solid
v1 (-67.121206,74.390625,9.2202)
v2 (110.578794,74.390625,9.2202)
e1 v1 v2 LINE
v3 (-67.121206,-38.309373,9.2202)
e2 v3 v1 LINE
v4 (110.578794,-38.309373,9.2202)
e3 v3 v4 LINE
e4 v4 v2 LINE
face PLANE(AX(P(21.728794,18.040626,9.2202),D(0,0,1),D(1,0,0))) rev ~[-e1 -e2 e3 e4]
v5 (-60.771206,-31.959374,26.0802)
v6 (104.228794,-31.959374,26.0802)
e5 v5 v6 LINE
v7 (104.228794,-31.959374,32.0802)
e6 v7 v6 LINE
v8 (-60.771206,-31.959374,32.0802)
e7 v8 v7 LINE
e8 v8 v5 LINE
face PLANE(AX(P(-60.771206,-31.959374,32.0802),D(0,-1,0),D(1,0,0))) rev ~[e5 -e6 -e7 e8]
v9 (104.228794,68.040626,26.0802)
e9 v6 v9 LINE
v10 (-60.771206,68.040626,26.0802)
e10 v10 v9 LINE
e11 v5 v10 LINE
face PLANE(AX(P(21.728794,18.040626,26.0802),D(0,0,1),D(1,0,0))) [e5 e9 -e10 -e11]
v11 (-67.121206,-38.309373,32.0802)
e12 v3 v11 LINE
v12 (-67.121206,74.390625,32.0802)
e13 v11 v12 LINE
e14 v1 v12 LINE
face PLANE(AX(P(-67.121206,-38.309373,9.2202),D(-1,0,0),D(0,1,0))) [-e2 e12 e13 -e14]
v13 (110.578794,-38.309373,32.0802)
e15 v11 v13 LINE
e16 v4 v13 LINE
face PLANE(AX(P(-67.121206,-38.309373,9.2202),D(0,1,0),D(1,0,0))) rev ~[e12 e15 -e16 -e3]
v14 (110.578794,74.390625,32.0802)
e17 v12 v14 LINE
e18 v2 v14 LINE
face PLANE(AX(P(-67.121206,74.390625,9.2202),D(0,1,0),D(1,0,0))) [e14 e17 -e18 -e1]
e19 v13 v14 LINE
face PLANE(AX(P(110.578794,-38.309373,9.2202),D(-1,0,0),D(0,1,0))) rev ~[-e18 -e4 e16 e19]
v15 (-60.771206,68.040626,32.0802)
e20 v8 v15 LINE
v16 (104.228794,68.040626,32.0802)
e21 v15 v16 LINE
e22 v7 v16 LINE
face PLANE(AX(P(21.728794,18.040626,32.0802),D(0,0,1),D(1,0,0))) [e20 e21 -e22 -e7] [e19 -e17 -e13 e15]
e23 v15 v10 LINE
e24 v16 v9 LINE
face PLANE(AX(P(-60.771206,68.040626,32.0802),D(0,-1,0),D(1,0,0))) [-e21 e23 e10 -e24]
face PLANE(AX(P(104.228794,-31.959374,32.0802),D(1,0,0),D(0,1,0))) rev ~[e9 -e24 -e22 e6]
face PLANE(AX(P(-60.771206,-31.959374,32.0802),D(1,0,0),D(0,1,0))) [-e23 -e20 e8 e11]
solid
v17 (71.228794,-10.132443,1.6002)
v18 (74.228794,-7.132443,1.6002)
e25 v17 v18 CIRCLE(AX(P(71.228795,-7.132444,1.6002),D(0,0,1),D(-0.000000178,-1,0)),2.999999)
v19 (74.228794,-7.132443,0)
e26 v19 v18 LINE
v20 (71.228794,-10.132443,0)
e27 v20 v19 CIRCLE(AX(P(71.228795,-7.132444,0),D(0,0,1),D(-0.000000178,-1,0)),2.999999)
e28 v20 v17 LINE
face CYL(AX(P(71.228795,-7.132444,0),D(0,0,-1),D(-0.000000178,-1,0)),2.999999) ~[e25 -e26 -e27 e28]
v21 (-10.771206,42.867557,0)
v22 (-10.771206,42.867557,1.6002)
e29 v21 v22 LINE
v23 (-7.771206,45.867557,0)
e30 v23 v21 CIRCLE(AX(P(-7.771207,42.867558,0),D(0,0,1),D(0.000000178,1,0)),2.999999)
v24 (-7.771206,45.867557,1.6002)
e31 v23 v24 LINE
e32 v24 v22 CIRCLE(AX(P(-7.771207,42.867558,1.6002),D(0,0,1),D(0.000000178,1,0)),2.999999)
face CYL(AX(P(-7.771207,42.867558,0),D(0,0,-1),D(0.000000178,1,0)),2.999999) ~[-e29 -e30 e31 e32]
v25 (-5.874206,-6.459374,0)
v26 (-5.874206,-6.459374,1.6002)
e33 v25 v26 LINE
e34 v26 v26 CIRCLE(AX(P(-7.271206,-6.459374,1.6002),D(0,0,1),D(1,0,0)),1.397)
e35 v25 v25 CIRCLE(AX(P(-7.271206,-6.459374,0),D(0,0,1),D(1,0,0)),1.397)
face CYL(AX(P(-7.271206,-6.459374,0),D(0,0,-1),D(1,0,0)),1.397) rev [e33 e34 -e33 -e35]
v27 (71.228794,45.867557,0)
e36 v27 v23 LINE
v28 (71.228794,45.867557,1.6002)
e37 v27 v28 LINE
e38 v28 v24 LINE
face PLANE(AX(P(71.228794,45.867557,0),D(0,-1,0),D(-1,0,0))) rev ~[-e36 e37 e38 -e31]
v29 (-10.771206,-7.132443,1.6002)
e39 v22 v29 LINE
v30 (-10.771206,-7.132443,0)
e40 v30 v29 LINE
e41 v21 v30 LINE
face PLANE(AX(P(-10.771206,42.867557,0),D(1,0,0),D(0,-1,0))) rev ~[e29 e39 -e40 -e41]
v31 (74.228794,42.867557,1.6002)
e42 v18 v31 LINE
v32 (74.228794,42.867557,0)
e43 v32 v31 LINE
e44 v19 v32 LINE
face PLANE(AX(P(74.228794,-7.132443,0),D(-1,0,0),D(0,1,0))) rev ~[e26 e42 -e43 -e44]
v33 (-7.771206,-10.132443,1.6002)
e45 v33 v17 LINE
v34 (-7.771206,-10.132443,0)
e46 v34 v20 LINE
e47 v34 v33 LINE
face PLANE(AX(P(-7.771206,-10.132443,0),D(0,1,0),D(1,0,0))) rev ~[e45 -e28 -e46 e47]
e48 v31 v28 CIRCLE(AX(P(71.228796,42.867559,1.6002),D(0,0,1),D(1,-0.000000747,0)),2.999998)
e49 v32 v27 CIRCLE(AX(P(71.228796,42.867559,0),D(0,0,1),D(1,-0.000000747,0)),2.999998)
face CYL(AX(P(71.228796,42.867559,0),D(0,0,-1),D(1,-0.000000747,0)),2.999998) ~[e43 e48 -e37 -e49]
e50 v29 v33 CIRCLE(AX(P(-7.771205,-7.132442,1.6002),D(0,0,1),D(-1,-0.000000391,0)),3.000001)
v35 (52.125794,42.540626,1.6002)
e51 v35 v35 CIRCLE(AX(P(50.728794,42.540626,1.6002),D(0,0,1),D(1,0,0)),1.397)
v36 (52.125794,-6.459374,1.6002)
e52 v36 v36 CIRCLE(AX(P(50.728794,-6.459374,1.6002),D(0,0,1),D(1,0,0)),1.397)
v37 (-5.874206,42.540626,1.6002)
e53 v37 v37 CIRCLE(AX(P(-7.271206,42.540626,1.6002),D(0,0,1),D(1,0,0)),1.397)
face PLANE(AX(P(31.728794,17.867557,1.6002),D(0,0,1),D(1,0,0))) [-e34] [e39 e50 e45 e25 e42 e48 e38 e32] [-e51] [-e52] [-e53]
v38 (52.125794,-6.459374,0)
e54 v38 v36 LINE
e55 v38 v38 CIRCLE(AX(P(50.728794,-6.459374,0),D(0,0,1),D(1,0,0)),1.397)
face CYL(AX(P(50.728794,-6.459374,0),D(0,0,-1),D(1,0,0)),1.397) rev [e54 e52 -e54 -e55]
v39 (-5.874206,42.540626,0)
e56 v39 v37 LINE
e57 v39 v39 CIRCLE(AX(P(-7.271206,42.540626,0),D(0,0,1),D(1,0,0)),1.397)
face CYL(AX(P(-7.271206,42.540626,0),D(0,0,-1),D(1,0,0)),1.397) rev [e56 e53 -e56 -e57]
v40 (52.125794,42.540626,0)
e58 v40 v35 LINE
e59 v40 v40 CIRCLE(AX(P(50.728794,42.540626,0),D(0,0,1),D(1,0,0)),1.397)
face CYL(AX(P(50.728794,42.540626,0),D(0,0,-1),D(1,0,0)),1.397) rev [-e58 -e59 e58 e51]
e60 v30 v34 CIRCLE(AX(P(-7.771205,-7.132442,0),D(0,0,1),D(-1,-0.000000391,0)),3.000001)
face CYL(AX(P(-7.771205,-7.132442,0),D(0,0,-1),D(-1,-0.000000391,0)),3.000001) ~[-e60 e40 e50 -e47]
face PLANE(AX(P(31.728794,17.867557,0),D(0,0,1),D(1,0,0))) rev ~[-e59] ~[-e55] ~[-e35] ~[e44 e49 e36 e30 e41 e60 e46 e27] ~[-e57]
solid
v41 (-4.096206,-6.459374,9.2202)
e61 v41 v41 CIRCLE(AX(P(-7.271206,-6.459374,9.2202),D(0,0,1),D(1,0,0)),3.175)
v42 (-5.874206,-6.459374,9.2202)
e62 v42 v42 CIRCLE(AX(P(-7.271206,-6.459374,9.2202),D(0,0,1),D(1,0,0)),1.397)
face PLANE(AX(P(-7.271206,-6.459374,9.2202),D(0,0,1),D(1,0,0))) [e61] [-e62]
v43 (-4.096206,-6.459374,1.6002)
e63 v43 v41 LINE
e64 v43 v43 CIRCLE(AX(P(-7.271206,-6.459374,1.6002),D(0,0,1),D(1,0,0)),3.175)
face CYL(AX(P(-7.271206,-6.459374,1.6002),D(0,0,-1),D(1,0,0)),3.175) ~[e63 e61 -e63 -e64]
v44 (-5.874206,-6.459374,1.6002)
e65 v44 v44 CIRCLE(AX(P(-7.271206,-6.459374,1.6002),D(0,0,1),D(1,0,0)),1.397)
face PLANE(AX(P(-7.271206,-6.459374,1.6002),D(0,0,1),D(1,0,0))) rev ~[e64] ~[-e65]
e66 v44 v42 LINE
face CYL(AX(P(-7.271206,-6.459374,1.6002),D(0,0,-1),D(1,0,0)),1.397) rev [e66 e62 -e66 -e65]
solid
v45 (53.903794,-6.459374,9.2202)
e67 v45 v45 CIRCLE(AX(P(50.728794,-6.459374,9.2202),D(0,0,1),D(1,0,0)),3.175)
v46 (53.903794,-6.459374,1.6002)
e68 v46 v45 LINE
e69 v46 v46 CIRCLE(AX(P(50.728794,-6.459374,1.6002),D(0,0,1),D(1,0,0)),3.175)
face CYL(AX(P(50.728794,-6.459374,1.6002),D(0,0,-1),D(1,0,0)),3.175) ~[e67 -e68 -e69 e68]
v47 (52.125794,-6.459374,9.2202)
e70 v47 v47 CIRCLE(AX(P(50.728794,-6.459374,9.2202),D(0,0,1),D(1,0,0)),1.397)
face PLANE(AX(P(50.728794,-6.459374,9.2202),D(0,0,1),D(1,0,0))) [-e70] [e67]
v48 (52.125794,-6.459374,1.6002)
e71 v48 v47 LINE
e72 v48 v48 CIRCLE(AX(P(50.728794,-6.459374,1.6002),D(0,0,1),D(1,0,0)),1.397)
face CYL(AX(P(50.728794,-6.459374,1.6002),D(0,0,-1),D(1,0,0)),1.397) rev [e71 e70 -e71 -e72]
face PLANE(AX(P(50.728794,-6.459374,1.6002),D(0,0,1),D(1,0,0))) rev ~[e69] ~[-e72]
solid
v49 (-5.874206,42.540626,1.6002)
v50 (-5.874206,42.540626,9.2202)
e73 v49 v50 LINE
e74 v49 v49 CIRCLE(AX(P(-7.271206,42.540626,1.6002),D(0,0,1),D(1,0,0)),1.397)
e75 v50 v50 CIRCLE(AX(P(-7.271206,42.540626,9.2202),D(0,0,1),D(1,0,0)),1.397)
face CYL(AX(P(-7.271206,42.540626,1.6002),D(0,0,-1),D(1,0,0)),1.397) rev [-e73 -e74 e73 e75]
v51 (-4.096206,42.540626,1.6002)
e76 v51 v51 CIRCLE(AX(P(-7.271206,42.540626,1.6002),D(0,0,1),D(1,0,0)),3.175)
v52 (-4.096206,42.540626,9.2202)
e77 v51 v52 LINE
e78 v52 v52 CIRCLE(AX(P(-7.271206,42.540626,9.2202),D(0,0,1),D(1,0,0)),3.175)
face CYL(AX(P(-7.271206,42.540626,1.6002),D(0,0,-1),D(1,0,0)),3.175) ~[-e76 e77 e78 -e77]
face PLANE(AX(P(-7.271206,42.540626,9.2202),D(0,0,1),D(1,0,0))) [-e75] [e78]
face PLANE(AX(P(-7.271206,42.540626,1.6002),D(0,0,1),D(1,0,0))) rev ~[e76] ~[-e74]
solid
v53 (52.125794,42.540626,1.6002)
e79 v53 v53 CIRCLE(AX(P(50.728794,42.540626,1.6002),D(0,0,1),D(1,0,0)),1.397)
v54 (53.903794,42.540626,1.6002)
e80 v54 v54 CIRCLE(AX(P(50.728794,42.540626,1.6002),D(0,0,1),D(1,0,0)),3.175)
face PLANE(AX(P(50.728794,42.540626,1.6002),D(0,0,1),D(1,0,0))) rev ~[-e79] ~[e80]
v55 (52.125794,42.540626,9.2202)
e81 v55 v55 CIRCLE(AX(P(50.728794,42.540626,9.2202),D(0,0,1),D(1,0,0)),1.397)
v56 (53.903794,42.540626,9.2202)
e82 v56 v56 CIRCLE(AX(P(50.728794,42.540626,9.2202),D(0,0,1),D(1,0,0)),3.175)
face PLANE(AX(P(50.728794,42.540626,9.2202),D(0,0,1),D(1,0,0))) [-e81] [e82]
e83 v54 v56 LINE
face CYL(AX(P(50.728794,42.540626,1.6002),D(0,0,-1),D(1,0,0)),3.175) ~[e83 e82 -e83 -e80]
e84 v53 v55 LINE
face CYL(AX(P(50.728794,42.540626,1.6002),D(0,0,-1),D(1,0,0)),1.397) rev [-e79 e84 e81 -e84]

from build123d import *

# Parameters (mm, degrees)
F0_R      = 1.397
F1_DEPTH  = 1.6002
F2_R      = 3.175
F2_R_2    = 1.397
F3_DEPTH  = 7.62
F4_DEPTH  = 7.62
F5_DEPTH  = 7.62
F6_DEPTH  = 7.62
F7_W      = 177.699999
F7_H      = 112.699999
F8_DEPTH  = 22.86
F9_W      = 165
F9_H      = 100
F10_DEPTH = 6


with BuildPart() as f1:
    # F0 (on Top) → F1 (new body)
    with BuildSketch(Plane.XY):
        with BuildLine():
            ThreePointArc((-10.771206, -7.132443), (-9.892526, -9.253763), (-7.771206, -10.132443))
            Line((-7.771206, -10.132443), (71.228794, -10.132443))
            ThreePointArc((71.228794, -10.132443), (73.350115, -9.253763), (74.228794, -7.132443))
            Line((74.228794, -7.132443), (74.228794, 42.867557))
            ThreePointArc((74.228794, 42.867557), (73.350115, 44.988878), (71.228794, 45.867557))
            Line((71.228794, 45.867557), (-7.771206, 45.867557))
            ThreePointArc((-7.771206, 45.867557), (-9.892526, 44.988878), (-10.771206, 42.867557))
            Line((-10.771206, 42.867557), (-10.771206, 17.867557))
            Line((-10.771206, 17.867557), (-10.771206, -7.132443))
        make_face()
        with Locations((-7.271206, -6.459374)):
            Circle(F0_R, mode=Mode.SUBTRACT)
        with Locations((50.728794, -6.459374)):
            Circle(F0_R, mode=Mode.SUBTRACT)
        with Locations((-7.271206, 42.540626)):
            Circle(F0_R, mode=Mode.SUBTRACT)
        with Locations((50.728794, 42.540626)):
            Circle(F0_R, mode=Mode.SUBTRACT)
    extrude(amount=F1_DEPTH)


with BuildPart() as f3:
    # F2 (on face) → F3 (new body)
    with BuildSketch(Plane.XY.offset(1.6002)):
        with Locations((-7.271206, 42.540626)):
            Circle(F2_R)
        with Locations((-7.271206, 42.540626)):
            Circle(F2_R_2, mode=Mode.SUBTRACT)
    extrude(amount=F3_DEPTH)


with BuildPart() as f4:
    # F2 (on face) → F4 (new body)
    with BuildSketch(Plane.XY.offset(1.6002)):
        with Locations((-7.271206, -6.459374)):
            Circle(F2_R)
        with Locations((-7.271206, -6.459374)):
            Circle(F2_R_2, mode=Mode.SUBTRACT)
    extrude(amount=F4_DEPTH)


with BuildPart() as f5:
    # F2 (on face) → F5 (new body)
    with BuildSketch(Plane.XY.offset(1.6002)):
        with Locations((50.728794, 42.540626)):
            Circle(F2_R)
        with Locations((50.728794, 42.540626)):
            Circle(F2_R_2, mode=Mode.SUBTRACT)
    extrude(amount=F5_DEPTH)


with BuildPart() as f6:
    # F2 (on face) → F6 (new body)
    with BuildSketch(Plane.XY.offset(1.6002)):
        with Locations((50.728794, -6.459374)):
            Circle(F2_R)
        with Locations((50.728794, -6.459374)):
            Circle(F2_R_2, mode=Mode.SUBTRACT)
    extrude(amount=F6_DEPTH)


with BuildPart() as f8:
    # F7 (on face) → F8 (new body)
    with BuildSketch(Plane.XY.offset(9.2202)):
        with Locations((21.728794, 18.040626)):
            Rectangle(F7_W, F7_H)
    extrude(amount=F8_DEPTH)

    # F9 (on face) → F10 (cut)
    with BuildSketch(Plane.XY.offset(32.0802)):
        with Locations((21.728794, 18.040626)):
            Rectangle(F9_W, F9_H)
    extrude(amount=-F10_DEPTH, mode=Mode.SUBTRACT)


solid = Compound([f1.part, f3.part, f4.part, f5.part, f6.part, f8.part])
